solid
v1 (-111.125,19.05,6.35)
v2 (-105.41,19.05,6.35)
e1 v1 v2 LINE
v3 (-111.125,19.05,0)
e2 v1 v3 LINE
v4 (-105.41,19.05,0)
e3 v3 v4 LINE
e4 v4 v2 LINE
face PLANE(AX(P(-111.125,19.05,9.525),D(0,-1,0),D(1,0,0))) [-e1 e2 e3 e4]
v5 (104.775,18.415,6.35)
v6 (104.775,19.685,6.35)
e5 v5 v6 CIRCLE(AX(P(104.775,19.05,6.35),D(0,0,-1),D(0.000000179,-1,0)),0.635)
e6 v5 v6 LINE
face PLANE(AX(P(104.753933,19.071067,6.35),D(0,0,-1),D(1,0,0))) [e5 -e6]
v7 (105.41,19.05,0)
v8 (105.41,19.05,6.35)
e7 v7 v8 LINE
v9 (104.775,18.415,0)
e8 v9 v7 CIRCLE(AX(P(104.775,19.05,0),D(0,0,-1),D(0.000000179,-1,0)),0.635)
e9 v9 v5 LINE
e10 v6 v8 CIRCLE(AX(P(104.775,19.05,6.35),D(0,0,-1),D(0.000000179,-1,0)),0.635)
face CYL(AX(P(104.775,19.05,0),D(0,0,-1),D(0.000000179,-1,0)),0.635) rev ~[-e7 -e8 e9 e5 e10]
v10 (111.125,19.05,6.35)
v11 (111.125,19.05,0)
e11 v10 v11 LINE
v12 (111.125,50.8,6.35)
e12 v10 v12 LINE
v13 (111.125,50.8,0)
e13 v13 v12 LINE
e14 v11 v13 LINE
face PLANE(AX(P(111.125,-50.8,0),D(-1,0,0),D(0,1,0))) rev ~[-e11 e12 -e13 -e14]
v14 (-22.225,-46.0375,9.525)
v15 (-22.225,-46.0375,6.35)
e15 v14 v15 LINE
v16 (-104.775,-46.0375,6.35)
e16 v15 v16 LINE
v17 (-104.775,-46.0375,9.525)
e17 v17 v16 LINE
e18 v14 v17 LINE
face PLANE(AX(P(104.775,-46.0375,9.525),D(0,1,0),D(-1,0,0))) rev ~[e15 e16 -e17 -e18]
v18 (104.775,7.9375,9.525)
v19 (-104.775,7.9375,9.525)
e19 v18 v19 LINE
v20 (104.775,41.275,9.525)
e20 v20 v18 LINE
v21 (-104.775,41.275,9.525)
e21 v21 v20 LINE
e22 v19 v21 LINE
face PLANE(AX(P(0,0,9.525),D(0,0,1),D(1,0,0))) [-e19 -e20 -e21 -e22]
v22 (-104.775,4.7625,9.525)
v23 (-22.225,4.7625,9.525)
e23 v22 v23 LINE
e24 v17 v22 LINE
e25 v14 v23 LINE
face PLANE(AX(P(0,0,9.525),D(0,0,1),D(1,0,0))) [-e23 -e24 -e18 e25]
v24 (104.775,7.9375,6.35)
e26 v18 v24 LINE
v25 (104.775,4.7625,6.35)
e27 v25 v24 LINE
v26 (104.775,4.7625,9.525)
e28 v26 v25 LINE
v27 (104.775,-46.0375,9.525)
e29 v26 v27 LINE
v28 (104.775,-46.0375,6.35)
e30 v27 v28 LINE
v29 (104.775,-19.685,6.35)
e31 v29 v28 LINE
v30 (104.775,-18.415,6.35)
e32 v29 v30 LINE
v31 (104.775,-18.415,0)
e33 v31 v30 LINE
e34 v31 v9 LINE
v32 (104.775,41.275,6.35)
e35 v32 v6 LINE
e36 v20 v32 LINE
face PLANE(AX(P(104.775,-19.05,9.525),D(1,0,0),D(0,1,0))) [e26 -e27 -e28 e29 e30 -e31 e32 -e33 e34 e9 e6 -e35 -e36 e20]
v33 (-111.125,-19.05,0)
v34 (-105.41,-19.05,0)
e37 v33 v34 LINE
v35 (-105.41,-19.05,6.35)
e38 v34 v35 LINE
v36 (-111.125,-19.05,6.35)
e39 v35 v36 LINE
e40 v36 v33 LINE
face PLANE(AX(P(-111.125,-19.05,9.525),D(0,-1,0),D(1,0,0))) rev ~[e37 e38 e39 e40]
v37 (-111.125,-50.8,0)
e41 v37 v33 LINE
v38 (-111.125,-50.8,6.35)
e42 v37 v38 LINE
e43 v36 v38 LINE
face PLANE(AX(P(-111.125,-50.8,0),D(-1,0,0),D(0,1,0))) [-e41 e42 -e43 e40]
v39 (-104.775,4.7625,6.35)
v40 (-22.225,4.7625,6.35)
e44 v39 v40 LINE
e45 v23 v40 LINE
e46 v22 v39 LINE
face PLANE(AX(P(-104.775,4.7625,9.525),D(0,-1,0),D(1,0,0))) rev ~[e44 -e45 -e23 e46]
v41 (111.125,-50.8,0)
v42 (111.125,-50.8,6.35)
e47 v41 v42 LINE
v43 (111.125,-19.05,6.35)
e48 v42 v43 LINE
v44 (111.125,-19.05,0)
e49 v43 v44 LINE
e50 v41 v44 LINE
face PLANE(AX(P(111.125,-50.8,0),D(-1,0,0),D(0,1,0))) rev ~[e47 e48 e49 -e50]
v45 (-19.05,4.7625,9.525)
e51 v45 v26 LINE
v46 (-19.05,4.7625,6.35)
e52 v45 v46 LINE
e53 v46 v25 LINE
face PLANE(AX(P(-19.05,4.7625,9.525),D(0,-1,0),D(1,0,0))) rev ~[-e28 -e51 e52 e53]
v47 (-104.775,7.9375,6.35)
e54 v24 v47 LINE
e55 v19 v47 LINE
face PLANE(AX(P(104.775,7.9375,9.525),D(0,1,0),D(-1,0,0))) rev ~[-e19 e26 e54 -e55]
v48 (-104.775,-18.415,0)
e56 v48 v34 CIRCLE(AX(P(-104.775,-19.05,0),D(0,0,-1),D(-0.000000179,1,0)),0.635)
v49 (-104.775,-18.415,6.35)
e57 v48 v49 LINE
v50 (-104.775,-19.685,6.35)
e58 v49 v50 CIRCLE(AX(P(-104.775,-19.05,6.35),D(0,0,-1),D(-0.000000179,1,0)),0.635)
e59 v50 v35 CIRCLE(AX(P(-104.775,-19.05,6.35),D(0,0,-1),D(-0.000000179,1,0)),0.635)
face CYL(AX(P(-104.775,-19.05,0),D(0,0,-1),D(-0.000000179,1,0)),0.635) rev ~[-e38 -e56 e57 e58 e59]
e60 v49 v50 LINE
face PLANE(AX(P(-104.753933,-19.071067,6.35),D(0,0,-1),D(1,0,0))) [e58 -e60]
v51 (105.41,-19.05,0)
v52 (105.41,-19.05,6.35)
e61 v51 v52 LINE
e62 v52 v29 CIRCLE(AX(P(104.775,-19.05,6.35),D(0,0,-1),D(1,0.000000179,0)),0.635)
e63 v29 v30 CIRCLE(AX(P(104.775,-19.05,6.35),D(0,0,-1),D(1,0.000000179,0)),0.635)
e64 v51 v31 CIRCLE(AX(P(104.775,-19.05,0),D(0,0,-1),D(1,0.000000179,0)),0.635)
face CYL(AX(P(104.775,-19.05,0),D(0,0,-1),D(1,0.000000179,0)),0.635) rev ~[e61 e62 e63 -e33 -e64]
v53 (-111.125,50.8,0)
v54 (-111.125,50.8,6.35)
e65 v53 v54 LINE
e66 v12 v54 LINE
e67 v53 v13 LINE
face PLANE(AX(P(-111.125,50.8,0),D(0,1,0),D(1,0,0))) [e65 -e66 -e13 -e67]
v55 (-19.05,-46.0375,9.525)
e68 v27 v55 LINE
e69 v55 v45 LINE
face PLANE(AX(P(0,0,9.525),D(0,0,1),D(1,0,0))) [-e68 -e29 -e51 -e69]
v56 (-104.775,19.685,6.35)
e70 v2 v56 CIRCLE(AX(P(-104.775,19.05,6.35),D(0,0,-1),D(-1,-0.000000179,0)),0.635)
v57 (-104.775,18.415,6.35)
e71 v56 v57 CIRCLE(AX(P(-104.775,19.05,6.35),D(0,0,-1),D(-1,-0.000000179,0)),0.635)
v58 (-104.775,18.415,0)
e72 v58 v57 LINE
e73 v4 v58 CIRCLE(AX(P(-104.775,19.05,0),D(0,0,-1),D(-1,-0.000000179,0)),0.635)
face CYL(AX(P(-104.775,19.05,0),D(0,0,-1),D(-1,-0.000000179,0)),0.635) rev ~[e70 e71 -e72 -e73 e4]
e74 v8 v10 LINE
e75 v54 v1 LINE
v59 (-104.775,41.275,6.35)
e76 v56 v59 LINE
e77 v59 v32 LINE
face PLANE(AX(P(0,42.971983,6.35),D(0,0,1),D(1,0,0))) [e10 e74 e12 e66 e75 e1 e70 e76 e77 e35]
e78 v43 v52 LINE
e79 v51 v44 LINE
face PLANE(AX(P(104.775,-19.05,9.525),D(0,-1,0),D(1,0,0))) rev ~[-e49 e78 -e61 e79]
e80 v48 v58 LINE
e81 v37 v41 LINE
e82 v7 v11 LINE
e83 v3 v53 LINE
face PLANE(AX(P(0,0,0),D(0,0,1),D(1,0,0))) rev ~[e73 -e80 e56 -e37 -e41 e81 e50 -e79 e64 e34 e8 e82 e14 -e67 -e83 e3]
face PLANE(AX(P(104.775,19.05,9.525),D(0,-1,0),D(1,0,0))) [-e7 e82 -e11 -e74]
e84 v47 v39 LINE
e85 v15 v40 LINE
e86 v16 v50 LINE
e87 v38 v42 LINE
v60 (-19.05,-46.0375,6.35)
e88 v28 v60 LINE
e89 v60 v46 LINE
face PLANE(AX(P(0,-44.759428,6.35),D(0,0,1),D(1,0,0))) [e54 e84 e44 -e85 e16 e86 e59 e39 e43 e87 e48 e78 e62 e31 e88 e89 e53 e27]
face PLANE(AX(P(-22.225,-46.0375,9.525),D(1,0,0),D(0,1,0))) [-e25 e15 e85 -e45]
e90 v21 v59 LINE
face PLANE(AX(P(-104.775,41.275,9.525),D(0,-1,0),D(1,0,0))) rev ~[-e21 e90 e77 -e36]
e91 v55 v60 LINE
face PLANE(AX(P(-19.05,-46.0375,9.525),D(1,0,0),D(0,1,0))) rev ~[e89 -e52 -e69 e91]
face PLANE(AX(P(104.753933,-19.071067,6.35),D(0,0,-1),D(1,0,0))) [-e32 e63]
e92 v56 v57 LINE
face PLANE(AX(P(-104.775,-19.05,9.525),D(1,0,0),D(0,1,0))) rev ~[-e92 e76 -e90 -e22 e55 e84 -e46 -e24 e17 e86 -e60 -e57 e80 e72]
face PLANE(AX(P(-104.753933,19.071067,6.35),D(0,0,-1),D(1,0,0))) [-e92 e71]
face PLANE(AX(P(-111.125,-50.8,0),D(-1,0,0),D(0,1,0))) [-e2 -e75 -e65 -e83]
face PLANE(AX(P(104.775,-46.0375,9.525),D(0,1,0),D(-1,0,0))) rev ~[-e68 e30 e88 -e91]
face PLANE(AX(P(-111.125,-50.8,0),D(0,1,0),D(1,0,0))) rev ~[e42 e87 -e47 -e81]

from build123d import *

# Parameters (mm, degrees)
F0_W     = 222.25
F0_H     = 101.6
F1_DEPTH = 9.525
F2_W     = 6.35
F2_H     = 38.1
F3_DEPTH = 9.526
F5_DEPTH = 3.175
F6_W     = 3.175
F6_H     = 50.8
F7_DEPTH = 3.175
F9_DEPTH = 6.35


with BuildPart() as f1:
    # F0 (on Top) → F1 (new body)
    with BuildSketch(Plane.XY):
        Rectangle(F0_W, F0_H)
    extrude(amount=F1_DEPTH)

    # F2 (on face) → F3 (cut, through all)
    with BuildSketch(Plane.XY.offset(9.525)):
        with Locations((-107.95, 0)):
            Rectangle(F2_W, F2_H)
        with Locations((107.95, 0)):
            Rectangle(F2_W, F2_H)
    extrude(amount=-F3_DEPTH, mode=Mode.SUBTRACT)

    # F4 (on face) → F5 (cut)
    with BuildSketch(Plane.XY.offset(9.525)):
        Polygon((-104.775, -46.0375), (-104.775, -19.05), (-111.125, -19.05), (-111.125, -50.8), (111.125, -50.8), (111.125, -19.05), (104.775, -19.05), (104.775, -46.0375), align=None)
        Polygon((-111.125, 19.05), (-104.775, 19.05), (-104.775, 41.275), (104.775, 41.275), (104.775, 19.05), (111.125, 19.05), (111.125, 50.8), (-111.125, 50.8), align=None)
    extrude(amount=-F5_DEPTH, mode=Mode.SUBTRACT)

    # F6 (on face) → F7 (cut)
    with BuildSketch(Plane.XY.offset(9.525)):
        Polygon((104.775, 7.9375), (-104.775, 7.9375), (-104.775, 4.7625), (-22.225, 4.7625), (-19.05, 4.7625), (104.775, 4.7625), align=None)
        with Locations((-20.6375, -20.6375)):
            Rectangle(F6_W, F6_H)
    extrude(amount=-F7_DEPTH, mode=Mode.SUBTRACT)

    # F8 (on face) → F9 (cut, through all)
    with BuildSketch(Plane(origin=(0, 0, 0), x_dir=(1, 0, 0), z_dir=(0, 0, -1))):
        with BuildLine():
            ThreePointArc((105.41, 19.05), (104.325987, 19.499013), (104.775, 18.415))
            Line((104.775, 18.415), (104.775, 19.05))
            Line((104.775, 19.05), (105.41, 19.05))
        make_face()
        with BuildLine():
            ThreePointArc((104.775, -18.415), (104.325987, -19.499013), (105.41, -19.05))
            Line((105.41, -19.05), (104.775, -19.05))
            Line((104.775, -19.05), (104.775, -18.415))
        make_face()
        with BuildLine():
            Line((-104.775, -19.05), (-105.41, -19.05))
            ThreePointArc((-105.41, -19.05), (-104.325987, -19.499013), (-104.775, -18.415))
            Line((-104.775, -18.415), (-104.775, -19.05))
        make_face()
        with BuildLine():
            Line((-104.775, 19.05), (-104.775, 18.415))
            ThreePointArc((-104.775, 18.415), (-104.325987, 19.499013), (-105.41, 19.05))
            Line((-105.41, 19.05), (-104.775, 19.05))
        make_face()
    extrude(amount=-F9_DEPTH, mode=Mode.SUBTRACT)


solid = f1.part
